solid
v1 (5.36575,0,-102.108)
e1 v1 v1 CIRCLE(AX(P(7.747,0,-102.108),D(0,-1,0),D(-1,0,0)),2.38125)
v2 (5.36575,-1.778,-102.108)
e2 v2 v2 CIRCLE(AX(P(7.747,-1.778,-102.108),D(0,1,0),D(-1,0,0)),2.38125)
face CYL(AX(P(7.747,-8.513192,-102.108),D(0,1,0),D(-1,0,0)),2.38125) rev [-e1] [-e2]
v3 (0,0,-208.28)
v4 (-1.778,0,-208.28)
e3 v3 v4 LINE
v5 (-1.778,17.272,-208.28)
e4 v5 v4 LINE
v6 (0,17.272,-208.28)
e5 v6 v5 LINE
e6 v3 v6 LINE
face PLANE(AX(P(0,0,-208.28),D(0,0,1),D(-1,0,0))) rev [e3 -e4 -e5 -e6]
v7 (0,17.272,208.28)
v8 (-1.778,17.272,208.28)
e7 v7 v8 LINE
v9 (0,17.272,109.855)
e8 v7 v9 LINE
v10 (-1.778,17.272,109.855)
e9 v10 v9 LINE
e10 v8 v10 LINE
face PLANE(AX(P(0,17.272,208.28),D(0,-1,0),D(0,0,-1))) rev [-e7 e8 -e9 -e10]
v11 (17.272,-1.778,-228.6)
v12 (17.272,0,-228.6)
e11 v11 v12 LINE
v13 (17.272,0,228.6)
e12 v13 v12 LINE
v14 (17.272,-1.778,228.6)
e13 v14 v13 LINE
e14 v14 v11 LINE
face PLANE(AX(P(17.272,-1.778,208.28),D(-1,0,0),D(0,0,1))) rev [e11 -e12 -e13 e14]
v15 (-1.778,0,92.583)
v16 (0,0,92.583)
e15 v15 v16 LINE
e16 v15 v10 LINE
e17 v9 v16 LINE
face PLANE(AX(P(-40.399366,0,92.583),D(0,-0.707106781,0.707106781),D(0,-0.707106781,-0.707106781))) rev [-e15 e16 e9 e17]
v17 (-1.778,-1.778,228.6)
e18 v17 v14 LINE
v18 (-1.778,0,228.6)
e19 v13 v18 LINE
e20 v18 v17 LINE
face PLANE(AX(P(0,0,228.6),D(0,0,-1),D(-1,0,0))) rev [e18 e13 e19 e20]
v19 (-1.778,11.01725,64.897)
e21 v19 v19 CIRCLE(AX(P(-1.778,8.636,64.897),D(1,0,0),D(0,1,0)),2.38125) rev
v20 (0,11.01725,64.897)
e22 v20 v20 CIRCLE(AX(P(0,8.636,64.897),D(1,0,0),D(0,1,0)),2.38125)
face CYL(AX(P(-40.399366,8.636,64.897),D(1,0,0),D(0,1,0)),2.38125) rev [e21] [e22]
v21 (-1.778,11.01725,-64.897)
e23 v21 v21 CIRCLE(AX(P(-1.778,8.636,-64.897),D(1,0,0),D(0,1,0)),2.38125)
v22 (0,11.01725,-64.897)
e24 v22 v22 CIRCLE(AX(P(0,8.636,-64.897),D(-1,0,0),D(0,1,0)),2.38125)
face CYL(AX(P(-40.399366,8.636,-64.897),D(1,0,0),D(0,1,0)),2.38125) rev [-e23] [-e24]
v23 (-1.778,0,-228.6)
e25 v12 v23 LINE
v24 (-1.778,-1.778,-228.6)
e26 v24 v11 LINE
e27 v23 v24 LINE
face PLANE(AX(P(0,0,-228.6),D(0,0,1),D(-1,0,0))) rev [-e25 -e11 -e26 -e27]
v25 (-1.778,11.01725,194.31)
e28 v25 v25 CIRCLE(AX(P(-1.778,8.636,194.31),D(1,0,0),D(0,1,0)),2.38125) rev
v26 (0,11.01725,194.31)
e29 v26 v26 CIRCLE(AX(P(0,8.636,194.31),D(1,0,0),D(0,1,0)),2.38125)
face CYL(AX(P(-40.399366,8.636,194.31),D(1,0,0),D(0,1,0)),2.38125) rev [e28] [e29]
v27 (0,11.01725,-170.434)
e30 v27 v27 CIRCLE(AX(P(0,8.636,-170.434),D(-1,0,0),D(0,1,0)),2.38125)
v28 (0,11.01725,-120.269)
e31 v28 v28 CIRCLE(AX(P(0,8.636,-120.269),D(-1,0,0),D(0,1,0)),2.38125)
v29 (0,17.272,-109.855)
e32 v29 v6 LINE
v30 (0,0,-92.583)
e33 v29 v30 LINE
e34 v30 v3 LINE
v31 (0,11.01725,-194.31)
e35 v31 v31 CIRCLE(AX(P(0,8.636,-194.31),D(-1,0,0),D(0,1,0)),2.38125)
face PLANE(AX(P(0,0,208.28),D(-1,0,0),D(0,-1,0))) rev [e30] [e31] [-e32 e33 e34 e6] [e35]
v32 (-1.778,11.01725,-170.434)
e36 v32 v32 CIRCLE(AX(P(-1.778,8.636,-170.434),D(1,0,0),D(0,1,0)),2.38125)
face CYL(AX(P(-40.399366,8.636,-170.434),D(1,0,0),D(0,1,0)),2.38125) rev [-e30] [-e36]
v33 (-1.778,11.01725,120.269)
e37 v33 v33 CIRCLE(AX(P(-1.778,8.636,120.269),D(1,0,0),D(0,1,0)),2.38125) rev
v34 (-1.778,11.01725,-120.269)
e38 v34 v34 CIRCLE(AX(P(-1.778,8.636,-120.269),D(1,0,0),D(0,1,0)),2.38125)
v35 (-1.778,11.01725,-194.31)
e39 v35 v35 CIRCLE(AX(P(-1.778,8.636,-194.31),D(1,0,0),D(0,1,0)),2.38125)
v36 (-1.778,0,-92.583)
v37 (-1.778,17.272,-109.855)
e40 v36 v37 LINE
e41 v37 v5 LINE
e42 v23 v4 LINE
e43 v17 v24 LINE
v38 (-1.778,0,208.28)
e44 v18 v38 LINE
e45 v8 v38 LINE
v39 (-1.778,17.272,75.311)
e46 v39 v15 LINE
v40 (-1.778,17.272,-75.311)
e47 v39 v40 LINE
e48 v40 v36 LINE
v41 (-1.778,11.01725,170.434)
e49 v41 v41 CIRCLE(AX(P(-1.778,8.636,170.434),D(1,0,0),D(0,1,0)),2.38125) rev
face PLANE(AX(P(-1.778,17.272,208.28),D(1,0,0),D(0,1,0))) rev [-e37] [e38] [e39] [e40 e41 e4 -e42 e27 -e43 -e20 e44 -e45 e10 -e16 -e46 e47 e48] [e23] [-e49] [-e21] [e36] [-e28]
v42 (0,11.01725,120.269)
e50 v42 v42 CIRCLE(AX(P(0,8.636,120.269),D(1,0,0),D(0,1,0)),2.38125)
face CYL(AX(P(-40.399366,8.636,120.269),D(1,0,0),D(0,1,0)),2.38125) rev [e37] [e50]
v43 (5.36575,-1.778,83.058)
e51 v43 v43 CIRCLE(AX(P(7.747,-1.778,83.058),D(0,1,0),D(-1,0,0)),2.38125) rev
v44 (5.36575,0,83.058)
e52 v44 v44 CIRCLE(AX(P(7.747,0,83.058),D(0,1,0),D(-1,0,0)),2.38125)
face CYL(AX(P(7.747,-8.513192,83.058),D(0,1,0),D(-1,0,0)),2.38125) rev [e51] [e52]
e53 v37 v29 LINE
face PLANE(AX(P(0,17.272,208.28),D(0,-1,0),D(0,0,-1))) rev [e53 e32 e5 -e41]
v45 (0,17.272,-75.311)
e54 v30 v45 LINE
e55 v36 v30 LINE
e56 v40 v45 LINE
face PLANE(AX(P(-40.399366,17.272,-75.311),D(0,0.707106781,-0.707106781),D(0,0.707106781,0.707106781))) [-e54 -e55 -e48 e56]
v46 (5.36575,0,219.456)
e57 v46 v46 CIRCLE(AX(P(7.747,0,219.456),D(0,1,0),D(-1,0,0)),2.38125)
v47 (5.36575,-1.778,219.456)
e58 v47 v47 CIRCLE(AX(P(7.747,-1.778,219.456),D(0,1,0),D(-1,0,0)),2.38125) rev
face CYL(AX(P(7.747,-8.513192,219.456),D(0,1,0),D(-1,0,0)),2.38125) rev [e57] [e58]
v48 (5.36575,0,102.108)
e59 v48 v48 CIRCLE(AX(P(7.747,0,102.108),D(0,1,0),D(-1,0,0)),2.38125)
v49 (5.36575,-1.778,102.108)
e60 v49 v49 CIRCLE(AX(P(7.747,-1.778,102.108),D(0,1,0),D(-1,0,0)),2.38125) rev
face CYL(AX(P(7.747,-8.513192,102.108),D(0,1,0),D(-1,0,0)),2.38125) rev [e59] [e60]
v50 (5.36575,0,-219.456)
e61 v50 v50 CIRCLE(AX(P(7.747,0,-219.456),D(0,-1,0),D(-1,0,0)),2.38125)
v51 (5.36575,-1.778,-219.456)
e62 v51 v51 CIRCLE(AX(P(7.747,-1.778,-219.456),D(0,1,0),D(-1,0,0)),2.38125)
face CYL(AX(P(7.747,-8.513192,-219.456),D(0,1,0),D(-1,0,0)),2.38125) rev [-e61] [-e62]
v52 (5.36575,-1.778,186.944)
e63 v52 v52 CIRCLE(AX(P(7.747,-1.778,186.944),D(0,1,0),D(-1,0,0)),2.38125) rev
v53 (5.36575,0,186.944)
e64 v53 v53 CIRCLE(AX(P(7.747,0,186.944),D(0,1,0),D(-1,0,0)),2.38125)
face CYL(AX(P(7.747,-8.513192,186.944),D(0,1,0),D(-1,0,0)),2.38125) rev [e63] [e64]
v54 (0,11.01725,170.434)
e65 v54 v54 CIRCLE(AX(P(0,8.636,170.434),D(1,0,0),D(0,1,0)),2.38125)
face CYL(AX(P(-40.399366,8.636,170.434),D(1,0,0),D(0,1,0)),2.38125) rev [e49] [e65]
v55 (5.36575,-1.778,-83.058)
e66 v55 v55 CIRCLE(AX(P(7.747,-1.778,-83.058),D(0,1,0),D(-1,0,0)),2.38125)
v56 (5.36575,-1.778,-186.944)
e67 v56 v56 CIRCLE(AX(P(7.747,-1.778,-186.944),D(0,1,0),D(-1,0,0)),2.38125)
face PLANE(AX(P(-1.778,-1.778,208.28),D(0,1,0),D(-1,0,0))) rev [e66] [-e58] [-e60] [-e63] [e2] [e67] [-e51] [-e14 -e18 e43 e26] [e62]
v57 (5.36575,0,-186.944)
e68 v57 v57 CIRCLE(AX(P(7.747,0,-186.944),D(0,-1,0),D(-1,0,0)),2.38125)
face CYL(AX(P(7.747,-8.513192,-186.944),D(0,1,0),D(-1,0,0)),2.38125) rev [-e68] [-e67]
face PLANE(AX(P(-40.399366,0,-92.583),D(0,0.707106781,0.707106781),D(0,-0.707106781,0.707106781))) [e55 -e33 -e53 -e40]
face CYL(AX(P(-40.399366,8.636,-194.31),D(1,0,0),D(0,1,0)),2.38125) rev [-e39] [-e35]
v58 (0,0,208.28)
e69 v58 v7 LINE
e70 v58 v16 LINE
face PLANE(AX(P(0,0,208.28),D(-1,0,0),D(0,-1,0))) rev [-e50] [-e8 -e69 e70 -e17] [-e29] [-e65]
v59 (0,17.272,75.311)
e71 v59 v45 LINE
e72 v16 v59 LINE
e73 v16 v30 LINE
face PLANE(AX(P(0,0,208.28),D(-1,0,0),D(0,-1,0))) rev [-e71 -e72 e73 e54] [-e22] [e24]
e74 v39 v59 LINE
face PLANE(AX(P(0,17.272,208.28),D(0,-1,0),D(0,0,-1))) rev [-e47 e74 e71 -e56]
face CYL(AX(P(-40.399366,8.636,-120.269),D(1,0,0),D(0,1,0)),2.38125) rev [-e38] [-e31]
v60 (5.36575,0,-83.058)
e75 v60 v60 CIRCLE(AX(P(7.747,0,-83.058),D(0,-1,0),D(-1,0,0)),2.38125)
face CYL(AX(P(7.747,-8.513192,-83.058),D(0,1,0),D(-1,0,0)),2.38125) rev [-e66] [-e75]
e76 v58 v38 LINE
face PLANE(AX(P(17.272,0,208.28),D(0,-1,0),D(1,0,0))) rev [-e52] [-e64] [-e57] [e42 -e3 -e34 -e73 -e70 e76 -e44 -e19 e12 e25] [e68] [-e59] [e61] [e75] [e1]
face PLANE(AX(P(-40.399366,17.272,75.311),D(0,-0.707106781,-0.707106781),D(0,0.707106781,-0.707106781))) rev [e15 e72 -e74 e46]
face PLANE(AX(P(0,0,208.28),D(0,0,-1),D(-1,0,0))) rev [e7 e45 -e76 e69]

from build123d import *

# Parameters (mm, degrees)
BOSS_EXTRUDE1_DEPTH = 208.28
SKETCH2_R           = 2.38125
CUT_EXTRUDE1_DEPTH  = 1.778
SKETCH3_W           = 19.05
SKETCH3_H           = 1.778
BOSS_EXTRUDE2_DEPTH = 20.32
SKETCH4_R           = 2.38125
CUT_EXTRUDE2_DEPTH  = 1.778


with BuildPart() as part:
    # Sketch1 → Boss-Extrude1 (new body)
    with BuildSketch(Plane.XY):
        Polygon((0, 0), (0, 17.272), (-1.778, 17.272), (-1.778, -1.778), (17.272, -1.778), (17.272, 0), align=None)
    boss_extrude1 = extrude(amount=BOSS_EXTRUDE1_DEPTH)

    # Sketch2 → Cut-Extrude1 (cut)
    with BuildSketch(Plane(origin=(0, 0, 0), x_dir=(0, 0, -1), z_dir=(1, 0, 0))):
        with Locations(Location((-194.31, 8.636, 0), (0, 0, 90))):
            Circle(SKETCH2_R)
        with Locations(Location((-170.434, 8.636, 0), (0, 0, 90))):
            Circle(SKETCH2_R)
        with Locations(Location((-120.269, 8.636, 0), (0, 0, 90))):
            Circle(SKETCH2_R)
        with Locations(Location((-64.897, 8.636, 0), (0, 0, 90))):
            Circle(SKETCH2_R)
        Polygon((-92.583, 0), (-109.855, 17.272), (-75.311, 17.272), align=None)
    cut_extrude1 = extrude(amount=-CUT_EXTRUDE1_DEPTH, mode=Mode.SUBTRACT)

    # Sketch3 → Boss-Extrude2 (add)
    with BuildSketch(Plane.XY.offset(208.28)):
        with Locations((7.747, -0.889)):
            Rectangle(SKETCH3_W, SKETCH3_H)
    boss_extrude2 = extrude(amount=BOSS_EXTRUDE2_DEPTH)

    # Sketch4 → Cut-Extrude2 (cut)
    with BuildSketch(Plane(origin=(0, 0, 0), x_dir=(1, 0, 0), z_dir=(0, 1, 0))):
        with Locations(Location((7.747, -219.456, 0), (0, 0, 180))):
            Circle(SKETCH4_R)
        with Locations(Location((7.747, -83.058, 0), (0, 0, 180))):
            Circle(SKETCH4_R)
        with Locations(Location((7.747, -102.108, 0), (0, 0, 180))):
            Circle(SKETCH4_R)
        with Locations(Location((7.747, -186.944, 0), (0, 0, 180))):
            Circle(SKETCH4_R)
    cut_extrude2 = extrude(amount=-CUT_EXTRUDE2_DEPTH, mode=Mode.SUBTRACT)

    # Mirror3: Boss-Extrude1, Cut-Extrude1, Boss-Extrude2, Cut-Extrude2 across plane
    add(boss_extrude1.mirror(Plane(origin=(0, 0, 0), x_dir=(1, 0, 0), z_dir=(0, 0, -1))))
    add(cut_extrude1.mirror(Plane(origin=(0, 0, 0), x_dir=(1, 0, 0), z_dir=(0, 0, -1))), mode=Mode.SUBTRACT)
    add(boss_extrude2.mirror(Plane(origin=(0, 0, 0), x_dir=(1, 0, 0), z_dir=(0, 0, -1))))
    add(cut_extrude2.mirror(Plane(origin=(0, 0, 0), x_dir=(1, 0, 0), z_dir=(0, 0, -1))), mode=Mode.SUBTRACT)


solid = part.part
